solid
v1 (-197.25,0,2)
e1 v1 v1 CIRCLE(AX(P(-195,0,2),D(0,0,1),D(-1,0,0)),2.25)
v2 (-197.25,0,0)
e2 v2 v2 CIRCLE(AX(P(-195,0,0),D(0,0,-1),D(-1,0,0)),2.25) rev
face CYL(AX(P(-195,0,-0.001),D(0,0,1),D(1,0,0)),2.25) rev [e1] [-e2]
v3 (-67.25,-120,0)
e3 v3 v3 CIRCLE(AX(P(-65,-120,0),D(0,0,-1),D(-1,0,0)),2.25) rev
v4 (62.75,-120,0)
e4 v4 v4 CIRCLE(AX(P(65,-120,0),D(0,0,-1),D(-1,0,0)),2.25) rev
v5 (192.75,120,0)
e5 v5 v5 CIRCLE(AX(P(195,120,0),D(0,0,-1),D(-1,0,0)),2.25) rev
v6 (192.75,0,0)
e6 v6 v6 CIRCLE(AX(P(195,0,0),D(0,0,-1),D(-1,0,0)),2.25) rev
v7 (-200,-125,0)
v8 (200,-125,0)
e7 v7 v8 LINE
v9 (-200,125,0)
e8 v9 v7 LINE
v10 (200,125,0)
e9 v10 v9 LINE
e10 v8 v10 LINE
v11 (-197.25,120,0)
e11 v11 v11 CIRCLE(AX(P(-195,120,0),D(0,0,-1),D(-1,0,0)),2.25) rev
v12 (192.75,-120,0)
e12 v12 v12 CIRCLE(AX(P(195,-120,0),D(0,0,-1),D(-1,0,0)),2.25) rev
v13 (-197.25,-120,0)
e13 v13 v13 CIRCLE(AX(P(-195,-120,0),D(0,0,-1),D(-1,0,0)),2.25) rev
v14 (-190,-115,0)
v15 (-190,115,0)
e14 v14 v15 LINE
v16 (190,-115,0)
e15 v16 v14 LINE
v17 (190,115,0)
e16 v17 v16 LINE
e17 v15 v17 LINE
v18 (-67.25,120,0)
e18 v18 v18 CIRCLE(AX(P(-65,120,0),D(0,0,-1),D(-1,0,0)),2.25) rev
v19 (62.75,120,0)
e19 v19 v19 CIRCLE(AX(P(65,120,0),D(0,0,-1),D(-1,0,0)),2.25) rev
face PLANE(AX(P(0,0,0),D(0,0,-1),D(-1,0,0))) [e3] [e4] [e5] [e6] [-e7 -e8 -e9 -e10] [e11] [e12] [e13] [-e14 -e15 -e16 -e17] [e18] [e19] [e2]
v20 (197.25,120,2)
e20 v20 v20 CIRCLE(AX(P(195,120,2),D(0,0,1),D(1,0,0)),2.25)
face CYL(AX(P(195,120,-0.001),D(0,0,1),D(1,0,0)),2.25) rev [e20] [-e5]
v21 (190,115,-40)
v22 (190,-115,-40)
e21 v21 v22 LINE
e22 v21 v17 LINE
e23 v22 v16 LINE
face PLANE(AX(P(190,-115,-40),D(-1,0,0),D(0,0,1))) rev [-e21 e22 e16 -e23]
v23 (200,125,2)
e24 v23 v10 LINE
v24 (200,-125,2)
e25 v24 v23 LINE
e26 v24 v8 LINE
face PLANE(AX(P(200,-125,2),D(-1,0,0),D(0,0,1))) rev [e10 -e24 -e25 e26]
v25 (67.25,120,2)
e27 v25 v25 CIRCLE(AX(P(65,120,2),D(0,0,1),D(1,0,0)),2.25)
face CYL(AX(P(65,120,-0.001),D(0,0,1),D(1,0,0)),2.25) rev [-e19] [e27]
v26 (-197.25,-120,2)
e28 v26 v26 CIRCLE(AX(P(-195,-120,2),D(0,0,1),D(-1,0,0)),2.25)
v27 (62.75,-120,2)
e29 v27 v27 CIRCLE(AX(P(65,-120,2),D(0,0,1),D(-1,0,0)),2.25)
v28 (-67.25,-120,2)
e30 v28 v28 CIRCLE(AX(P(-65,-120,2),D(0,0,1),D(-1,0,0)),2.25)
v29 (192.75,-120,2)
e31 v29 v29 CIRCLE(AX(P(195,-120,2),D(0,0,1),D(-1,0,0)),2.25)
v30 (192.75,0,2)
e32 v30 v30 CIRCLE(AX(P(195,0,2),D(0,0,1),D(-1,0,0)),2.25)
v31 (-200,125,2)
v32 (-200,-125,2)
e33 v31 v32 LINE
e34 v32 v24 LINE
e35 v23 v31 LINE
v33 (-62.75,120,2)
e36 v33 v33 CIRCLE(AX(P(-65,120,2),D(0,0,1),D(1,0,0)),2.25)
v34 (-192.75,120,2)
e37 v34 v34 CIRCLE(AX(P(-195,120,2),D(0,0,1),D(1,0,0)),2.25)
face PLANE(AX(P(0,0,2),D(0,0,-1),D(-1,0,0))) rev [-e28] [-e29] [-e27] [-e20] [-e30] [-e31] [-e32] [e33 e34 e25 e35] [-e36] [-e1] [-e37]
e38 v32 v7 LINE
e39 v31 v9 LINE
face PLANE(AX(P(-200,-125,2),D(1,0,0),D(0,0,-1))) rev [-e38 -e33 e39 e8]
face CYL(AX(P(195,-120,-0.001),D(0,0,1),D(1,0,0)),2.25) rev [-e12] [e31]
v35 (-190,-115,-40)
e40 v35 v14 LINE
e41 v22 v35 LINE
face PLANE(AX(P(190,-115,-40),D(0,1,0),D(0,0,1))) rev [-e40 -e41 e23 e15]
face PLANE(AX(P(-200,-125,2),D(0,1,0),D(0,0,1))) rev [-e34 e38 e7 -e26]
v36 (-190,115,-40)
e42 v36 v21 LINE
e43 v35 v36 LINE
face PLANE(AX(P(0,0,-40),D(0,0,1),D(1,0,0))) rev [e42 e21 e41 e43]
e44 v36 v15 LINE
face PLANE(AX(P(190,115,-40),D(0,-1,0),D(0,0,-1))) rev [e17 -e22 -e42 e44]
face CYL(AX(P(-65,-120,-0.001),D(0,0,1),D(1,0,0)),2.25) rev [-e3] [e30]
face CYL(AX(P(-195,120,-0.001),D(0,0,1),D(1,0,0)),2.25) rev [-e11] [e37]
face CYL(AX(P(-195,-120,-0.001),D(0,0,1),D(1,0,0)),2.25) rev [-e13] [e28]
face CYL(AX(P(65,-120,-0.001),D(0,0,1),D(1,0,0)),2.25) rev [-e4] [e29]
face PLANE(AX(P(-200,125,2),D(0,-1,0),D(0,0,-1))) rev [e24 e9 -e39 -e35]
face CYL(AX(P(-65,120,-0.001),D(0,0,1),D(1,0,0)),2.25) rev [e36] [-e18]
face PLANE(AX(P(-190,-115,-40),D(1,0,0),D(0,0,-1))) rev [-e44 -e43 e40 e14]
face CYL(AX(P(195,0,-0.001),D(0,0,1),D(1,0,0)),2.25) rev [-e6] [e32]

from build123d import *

# Parameters (mm, degrees)
IZIM1_W                     = 400
IZIM1_H                     = 250
Y_KSEKLIK_EKSTR_ZYON1_DEPTH = 2
KES_EKSTR_ZYON1_REACH       = 237.858
IZIM3_R                     = 2.25
IZIM4_W                     = 380
IZIM4_H                     = 230
Y_KSEKLIK_EKSTR_ZYON2_DEPTH = 40


with BuildPart() as part:
    # Çizim1 → Yükseklik-Ekstrüzyon1 (new body)
    with BuildSketch(Plane.XY):
        Rectangle(IZIM1_W, IZIM1_H)
    extrude(amount=Y_KSEKLIK_EKSTR_ZYON1_DEPTH)

    # Çizim3 → Kes-Ekstrüzyon1 (cut, up to next)
    with BuildSketch(Plane.XY.offset(2), mode=Mode.PRIVATE) as kes_ekstr_zyon1_sk1:
        with Locations((-195, 120)):
            Circle(IZIM3_R)
    kes_ekstr_zyon1_tool1 = extrude(kes_ekstr_zyon1_sk1.sketch, amount=-KES_EKSTR_ZYON1_REACH, mode=Mode.PRIVATE) & part.part
    # Çizim3 → Kes-Ekstrüzyon1 (cut, up to next)
    with BuildSketch(Plane.XY.offset(2), mode=Mode.PRIVATE) as kes_ekstr_zyon1_sk2:
        with Locations((-65, 120)):
            Circle(IZIM3_R)
    kes_ekstr_zyon1_tool2 = extrude(kes_ekstr_zyon1_sk2.sketch, amount=-KES_EKSTR_ZYON1_REACH, mode=Mode.PRIVATE) & part.part
    # Çizim3 → Kes-Ekstrüzyon1 (cut, up to next)
    with BuildSketch(Plane.XY.offset(2), mode=Mode.PRIVATE) as kes_ekstr_zyon1_sk3:
        with Locations((65, 120)):
            Circle(IZIM3_R)
    kes_ekstr_zyon1_tool3 = extrude(kes_ekstr_zyon1_sk3.sketch, amount=-KES_EKSTR_ZYON1_REACH, mode=Mode.PRIVATE) & part.part
    # Çizim3 → Kes-Ekstrüzyon1 (cut, up to next)
    with BuildSketch(Plane.XY.offset(2), mode=Mode.PRIVATE) as kes_ekstr_zyon1_sk4:
        with Locations((195, 120)):
            Circle(IZIM3_R)
    kes_ekstr_zyon1_tool4 = extrude(kes_ekstr_zyon1_sk4.sketch, amount=-KES_EKSTR_ZYON1_REACH, mode=Mode.PRIVATE) & part.part
    # Çizim3 → Kes-Ekstrüzyon1 (cut, up to next)
    with BuildSketch(Plane.XY.offset(2), mode=Mode.PRIVATE) as kes_ekstr_zyon1_sk5:
        with Locations(Location((-65, -120, 0), (0, 0, 180))):
            Circle(IZIM3_R)
    kes_ekstr_zyon1_tool5 = extrude(kes_ekstr_zyon1_sk5.sketch, amount=-KES_EKSTR_ZYON1_REACH, mode=Mode.PRIVATE) & part.part
    # Çizim3 → Kes-Ekstrüzyon1 (cut, up to next)
    with BuildSketch(Plane.XY.offset(2), mode=Mode.PRIVATE) as kes_ekstr_zyon1_sk6:
        with Locations(Location((65, -120, 0), (0, 0, 180))):
            Circle(IZIM3_R)
    kes_ekstr_zyon1_tool6 = extrude(kes_ekstr_zyon1_sk6.sketch, amount=-KES_EKSTR_ZYON1_REACH, mode=Mode.PRIVATE) & part.part
    # Çizim3 → Kes-Ekstrüzyon1 (cut, up to next)
    with BuildSketch(Plane.XY.offset(2), mode=Mode.PRIVATE) as kes_ekstr_zyon1_sk7:
        with Locations(Location((195, -120, 0), (0, 0, 180))):
            Circle(IZIM3_R)
    kes_ekstr_zyon1_tool7 = extrude(kes_ekstr_zyon1_sk7.sketch, amount=-KES_EKSTR_ZYON1_REACH, mode=Mode.PRIVATE) & part.part
    # Çizim3 → Kes-Ekstrüzyon1 (cut, up to next)
    with BuildSketch(Plane.XY.offset(2), mode=Mode.PRIVATE) as kes_ekstr_zyon1_sk8:
        with Locations(Location((-195, -120, 0), (0, 0, 180))):
            Circle(IZIM3_R)
    kes_ekstr_zyon1_tool8 = extrude(kes_ekstr_zyon1_sk8.sketch, amount=-KES_EKSTR_ZYON1_REACH, mode=Mode.PRIVATE) & part.part
    # Çizim3 → Kes-Ekstrüzyon1 (cut, up to next)
    with BuildSketch(Plane.XY.offset(2), mode=Mode.PRIVATE) as kes_ekstr_zyon1_sk9:
        with Locations(Location((-195, 0, 0), (0, 0, 180))):
            Circle(IZIM3_R)
    kes_ekstr_zyon1_tool9 = extrude(kes_ekstr_zyon1_sk9.sketch, amount=-KES_EKSTR_ZYON1_REACH, mode=Mode.PRIVATE) & part.part
    # Çizim3 → Kes-Ekstrüzyon1 (cut, up to next)
    with BuildSketch(Plane.XY.offset(2), mode=Mode.PRIVATE) as kes_ekstr_zyon1_sk10:
        with Locations(Location((195, 0, 0), (0, 0, 180))):
            Circle(IZIM3_R)
    kes_ekstr_zyon1_tool10 = extrude(kes_ekstr_zyon1_sk10.sketch, amount=-KES_EKSTR_ZYON1_REACH, mode=Mode.PRIVATE) & part.part
    add(kes_ekstr_zyon1_tool1.solids().sort_by_distance((-195, 120, 2))[0], mode=Mode.SUBTRACT)
    add(kes_ekstr_zyon1_tool2.solids().sort_by_distance((-65, 120, 2))[0], mode=Mode.SUBTRACT)
    add(kes_ekstr_zyon1_tool3.solids().sort_by_distance((65, 120, 2))[0], mode=Mode.SUBTRACT)
    add(kes_ekstr_zyon1_tool4.solids().sort_by_distance((195, 120, 2))[0], mode=Mode.SUBTRACT)
    add(kes_ekstr_zyon1_tool5.solids().sort_by_distance((-65, -120, 2))[0], mode=Mode.SUBTRACT)
    add(kes_ekstr_zyon1_tool6.solids().sort_by_distance((65, -120, 2))[0], mode=Mode.SUBTRACT)
    add(kes_ekstr_zyon1_tool7.solids().sort_by_distance((195, -120, 2))[0], mode=Mode.SUBTRACT)
    add(kes_ekstr_zyon1_tool8.solids().sort_by_distance((-195, -120, 2))[0], mode=Mode.SUBTRACT)
    add(kes_ekstr_zyon1_tool9.solids().sort_by_distance((-195, 0, 2))[0], mode=Mode.SUBTRACT)
    add(kes_ekstr_zyon1_tool10.solids().sort_by_distance((195, 0, 2))[0], mode=Mode.SUBTRACT)

    # Çizim4 → Yükseklik-Ekstrüzyon2 (add)
    with BuildSketch(Plane(origin=(0, 0, 0), x_dir=(-1, 0, 0), z_dir=(0, 0, -1))):
        Rectangle(IZIM4_W, IZIM4_H)
    extrude(amount=Y_KSEKLIK_EKSTR_ZYON2_DEPTH)


solid = part.part
